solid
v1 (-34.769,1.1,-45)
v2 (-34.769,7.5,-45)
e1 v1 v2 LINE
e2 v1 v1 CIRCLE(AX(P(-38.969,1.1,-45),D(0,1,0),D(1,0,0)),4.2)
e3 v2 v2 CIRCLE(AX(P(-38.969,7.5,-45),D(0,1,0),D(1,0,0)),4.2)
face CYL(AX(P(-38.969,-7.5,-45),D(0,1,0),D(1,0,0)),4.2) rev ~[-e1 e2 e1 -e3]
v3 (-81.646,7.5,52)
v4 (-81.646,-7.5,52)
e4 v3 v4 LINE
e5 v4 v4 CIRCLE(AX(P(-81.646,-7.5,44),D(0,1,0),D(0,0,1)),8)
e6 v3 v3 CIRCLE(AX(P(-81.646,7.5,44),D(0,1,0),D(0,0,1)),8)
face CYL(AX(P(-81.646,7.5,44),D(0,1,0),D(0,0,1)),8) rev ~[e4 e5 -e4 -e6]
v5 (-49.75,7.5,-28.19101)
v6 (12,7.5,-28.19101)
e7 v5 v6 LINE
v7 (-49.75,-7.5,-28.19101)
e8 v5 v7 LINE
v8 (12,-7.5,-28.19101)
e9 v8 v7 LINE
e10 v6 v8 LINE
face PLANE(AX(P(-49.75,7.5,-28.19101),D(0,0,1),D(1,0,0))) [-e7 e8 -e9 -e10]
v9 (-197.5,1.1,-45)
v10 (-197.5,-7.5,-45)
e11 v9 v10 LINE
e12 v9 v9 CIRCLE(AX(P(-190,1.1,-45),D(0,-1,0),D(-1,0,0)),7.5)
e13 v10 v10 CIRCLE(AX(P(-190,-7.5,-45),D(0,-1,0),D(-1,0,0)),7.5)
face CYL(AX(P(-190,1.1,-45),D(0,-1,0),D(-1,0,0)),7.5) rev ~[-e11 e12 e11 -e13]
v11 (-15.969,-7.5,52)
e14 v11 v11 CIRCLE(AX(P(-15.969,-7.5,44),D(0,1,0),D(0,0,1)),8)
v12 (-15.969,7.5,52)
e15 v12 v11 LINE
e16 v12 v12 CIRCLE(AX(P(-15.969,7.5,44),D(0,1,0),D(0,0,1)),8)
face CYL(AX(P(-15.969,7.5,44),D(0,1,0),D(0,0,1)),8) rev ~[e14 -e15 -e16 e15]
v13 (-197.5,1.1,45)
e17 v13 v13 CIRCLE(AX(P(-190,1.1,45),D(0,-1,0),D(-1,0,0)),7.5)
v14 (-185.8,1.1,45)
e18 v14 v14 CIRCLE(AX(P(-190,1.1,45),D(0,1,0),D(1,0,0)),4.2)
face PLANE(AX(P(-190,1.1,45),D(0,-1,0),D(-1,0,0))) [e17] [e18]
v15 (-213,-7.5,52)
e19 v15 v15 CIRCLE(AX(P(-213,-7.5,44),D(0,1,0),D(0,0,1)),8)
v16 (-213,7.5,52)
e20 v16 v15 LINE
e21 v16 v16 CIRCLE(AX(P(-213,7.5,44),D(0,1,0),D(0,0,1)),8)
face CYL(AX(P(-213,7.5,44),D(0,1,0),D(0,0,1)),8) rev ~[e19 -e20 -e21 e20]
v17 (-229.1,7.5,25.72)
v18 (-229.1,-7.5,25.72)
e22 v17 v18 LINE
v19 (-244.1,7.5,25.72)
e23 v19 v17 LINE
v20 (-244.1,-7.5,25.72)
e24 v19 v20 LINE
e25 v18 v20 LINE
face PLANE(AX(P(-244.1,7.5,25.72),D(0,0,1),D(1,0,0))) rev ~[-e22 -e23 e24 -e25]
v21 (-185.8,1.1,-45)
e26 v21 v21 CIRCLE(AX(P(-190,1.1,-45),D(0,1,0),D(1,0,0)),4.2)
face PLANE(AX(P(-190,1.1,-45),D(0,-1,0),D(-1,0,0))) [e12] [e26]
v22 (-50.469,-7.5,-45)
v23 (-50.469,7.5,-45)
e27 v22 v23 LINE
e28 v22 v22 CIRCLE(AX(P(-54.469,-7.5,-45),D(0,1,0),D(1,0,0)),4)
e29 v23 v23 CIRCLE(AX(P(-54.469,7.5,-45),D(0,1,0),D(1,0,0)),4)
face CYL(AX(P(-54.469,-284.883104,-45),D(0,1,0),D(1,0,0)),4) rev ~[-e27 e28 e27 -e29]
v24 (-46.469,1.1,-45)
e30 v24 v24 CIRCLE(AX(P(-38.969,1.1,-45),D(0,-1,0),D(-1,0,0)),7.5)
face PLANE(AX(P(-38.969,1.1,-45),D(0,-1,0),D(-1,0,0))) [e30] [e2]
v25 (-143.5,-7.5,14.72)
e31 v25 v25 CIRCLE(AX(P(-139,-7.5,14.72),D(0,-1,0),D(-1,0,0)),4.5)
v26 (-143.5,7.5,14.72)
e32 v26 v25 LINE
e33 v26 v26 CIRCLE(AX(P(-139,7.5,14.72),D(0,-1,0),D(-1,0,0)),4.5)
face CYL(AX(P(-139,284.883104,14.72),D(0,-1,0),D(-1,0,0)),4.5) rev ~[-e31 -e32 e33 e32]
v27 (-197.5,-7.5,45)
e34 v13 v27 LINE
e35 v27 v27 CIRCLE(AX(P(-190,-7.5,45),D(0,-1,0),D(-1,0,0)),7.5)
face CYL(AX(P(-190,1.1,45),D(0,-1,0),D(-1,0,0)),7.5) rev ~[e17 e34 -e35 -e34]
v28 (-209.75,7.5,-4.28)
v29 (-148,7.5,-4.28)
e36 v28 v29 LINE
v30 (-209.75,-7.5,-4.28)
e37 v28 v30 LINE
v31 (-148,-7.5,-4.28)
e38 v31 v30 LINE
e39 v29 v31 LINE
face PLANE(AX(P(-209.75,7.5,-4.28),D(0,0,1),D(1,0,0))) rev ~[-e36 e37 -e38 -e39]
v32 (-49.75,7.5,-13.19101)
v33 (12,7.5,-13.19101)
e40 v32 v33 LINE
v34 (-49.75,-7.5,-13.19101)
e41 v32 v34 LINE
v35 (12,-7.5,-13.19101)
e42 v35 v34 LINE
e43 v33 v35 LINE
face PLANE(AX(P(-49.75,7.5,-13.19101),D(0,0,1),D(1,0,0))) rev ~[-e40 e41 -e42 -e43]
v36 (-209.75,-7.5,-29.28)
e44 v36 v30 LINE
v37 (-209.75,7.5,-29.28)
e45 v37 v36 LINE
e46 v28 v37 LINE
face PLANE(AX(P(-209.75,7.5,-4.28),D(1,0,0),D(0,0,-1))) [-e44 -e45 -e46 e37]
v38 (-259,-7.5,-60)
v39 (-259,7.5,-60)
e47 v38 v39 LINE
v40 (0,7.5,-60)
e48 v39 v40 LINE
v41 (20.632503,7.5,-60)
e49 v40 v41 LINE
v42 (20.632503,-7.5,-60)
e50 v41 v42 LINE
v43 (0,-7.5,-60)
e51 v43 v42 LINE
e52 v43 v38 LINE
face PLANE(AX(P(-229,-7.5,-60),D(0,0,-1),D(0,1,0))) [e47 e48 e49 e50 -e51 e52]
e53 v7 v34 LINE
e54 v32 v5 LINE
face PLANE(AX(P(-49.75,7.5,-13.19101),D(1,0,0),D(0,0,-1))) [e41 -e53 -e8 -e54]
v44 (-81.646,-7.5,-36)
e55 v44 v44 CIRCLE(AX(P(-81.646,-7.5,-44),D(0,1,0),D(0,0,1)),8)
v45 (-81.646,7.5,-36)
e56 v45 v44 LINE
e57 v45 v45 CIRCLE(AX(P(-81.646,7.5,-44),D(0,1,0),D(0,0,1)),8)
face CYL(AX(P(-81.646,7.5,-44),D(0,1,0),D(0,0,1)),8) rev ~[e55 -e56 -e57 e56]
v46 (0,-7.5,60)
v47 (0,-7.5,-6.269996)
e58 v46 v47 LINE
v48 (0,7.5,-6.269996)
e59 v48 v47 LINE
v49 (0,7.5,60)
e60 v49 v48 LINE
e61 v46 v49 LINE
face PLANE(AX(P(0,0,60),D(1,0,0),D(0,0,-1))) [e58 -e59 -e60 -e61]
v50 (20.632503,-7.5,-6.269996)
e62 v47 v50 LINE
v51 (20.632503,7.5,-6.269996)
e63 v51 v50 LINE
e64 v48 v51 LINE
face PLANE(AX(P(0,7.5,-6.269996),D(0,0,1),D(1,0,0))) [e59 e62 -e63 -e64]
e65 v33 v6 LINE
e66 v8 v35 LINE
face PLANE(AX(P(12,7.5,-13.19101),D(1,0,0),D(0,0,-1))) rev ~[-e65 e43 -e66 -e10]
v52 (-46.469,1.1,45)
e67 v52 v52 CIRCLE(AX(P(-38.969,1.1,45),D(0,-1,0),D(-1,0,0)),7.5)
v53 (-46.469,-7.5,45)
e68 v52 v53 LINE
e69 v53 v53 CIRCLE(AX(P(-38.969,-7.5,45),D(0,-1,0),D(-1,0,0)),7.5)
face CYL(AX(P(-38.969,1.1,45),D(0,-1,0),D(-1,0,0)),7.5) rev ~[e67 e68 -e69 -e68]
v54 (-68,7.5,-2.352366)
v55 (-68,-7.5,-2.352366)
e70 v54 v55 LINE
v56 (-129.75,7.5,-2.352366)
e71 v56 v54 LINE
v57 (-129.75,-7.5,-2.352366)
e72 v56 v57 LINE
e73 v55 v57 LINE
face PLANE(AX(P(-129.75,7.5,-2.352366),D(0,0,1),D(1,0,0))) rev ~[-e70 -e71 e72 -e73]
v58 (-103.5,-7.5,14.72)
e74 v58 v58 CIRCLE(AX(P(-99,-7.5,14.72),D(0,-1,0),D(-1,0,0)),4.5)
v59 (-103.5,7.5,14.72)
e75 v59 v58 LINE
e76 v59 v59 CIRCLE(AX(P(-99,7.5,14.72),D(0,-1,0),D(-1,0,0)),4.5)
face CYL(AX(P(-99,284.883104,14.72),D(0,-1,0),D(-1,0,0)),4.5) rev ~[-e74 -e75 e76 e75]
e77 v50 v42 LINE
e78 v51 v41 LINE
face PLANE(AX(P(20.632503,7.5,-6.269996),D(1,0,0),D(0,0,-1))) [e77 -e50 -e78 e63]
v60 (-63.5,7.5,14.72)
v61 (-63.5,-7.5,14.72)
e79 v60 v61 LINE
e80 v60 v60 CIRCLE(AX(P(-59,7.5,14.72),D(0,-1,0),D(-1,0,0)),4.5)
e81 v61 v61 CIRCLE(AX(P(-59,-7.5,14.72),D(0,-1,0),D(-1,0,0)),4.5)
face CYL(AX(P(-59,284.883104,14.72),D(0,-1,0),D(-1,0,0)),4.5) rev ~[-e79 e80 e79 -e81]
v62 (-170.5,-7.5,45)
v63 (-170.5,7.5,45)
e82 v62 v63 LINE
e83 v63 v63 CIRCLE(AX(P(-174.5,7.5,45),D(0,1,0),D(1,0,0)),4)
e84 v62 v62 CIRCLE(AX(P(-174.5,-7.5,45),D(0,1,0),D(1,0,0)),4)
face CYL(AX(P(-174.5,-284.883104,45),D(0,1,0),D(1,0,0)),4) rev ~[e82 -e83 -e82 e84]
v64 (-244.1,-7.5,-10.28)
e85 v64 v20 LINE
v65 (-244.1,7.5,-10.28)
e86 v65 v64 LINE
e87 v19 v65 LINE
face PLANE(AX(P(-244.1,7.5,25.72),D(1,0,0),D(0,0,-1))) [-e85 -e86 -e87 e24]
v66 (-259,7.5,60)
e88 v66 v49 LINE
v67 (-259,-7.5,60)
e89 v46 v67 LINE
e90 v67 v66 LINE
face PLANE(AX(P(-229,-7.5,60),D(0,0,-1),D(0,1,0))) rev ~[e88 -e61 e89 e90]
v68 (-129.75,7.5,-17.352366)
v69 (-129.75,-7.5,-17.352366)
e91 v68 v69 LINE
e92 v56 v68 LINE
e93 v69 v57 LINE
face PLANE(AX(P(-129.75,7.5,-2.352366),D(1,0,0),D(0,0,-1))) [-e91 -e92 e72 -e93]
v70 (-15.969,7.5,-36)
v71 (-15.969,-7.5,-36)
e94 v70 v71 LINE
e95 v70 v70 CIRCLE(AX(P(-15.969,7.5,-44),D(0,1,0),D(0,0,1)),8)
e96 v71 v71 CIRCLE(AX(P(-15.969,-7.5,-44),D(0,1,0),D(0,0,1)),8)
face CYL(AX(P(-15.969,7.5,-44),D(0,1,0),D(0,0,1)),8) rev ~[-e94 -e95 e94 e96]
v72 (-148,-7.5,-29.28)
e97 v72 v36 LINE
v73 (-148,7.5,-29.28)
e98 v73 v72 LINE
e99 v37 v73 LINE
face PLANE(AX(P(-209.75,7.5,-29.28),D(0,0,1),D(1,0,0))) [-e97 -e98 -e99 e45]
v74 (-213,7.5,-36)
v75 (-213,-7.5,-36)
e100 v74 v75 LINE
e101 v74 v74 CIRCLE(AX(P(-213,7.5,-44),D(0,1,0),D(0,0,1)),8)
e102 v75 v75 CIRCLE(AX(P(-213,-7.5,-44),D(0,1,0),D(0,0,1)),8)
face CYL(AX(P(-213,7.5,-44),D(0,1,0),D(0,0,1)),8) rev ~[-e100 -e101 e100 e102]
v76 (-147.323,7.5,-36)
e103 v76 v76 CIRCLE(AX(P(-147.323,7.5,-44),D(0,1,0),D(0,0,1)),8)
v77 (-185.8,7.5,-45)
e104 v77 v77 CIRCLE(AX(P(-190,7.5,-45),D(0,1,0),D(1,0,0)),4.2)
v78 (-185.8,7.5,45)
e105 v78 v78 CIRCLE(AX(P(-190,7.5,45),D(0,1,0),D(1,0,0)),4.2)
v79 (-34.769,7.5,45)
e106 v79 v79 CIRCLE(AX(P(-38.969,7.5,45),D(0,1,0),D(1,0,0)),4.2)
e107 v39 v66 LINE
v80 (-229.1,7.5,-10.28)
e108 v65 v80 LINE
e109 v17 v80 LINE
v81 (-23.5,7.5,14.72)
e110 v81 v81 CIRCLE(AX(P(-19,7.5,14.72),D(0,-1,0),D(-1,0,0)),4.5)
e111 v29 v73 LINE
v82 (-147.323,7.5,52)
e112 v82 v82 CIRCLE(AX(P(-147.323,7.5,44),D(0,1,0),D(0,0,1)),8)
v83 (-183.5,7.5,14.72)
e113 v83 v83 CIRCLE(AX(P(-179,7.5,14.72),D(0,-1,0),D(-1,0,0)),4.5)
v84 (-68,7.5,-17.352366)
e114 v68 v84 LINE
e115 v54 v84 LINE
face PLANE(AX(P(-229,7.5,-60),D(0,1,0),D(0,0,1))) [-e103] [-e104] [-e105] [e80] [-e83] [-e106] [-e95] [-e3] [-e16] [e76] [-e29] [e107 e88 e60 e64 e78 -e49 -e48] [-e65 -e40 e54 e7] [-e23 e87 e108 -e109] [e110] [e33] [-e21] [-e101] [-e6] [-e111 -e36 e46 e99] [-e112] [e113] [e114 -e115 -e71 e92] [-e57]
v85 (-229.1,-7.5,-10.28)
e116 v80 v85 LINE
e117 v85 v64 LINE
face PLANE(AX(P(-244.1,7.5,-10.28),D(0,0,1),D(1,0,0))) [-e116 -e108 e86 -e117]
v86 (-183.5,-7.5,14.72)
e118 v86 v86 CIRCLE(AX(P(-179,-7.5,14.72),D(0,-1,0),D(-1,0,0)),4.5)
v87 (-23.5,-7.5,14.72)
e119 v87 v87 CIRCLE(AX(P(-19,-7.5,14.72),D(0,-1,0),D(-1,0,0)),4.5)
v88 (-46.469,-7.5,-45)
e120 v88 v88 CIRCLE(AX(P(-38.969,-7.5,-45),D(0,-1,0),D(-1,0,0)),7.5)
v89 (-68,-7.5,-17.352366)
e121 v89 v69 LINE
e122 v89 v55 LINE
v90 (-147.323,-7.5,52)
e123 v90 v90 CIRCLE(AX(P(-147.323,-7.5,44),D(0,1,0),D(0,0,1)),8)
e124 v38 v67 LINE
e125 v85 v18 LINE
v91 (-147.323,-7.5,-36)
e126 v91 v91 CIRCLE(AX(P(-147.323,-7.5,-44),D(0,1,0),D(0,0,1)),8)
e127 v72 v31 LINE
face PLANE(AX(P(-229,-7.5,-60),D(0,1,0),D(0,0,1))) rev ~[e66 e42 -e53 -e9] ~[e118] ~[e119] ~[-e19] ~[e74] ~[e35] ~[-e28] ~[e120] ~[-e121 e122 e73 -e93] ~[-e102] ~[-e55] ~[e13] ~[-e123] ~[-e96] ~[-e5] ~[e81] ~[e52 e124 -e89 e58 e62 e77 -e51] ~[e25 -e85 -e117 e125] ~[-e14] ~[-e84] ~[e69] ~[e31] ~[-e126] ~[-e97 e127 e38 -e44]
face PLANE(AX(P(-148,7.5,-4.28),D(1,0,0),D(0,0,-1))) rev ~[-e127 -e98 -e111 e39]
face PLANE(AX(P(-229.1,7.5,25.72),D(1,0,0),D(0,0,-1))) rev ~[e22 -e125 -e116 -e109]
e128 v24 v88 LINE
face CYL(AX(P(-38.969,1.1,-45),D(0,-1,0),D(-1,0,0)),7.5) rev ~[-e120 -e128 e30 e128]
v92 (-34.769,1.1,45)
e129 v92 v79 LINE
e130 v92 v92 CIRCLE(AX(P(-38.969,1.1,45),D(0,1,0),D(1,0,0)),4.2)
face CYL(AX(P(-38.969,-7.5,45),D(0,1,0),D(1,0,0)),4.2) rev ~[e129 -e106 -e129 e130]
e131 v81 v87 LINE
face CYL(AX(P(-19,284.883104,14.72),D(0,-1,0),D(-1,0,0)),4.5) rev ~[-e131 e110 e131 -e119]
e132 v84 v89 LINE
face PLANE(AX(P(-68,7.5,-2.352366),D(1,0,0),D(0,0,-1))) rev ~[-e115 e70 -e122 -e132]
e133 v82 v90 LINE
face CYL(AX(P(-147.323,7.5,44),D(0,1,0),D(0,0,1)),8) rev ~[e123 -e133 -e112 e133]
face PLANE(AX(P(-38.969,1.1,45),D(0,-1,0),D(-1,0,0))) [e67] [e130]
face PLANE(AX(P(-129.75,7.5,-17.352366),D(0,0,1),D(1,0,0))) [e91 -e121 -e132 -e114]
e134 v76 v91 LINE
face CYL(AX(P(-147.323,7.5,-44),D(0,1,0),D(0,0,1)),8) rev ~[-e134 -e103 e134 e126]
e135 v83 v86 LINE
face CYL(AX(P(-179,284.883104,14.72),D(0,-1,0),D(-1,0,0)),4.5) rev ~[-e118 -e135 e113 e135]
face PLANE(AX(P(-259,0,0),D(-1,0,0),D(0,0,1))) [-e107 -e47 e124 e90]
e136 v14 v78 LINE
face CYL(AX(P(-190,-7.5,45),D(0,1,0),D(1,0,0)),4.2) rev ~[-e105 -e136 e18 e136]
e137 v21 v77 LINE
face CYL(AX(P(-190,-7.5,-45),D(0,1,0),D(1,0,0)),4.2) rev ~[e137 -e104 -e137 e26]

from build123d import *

# Parameters (mm, degrees)
SKETCH1_W                                           = 229
SKETCH1_H                                           = 120
BOSS_EXTRUDE1_DEPTH                                 = 7.5
SKETCH4_W                                           = 20.632503002
SKETCH4_H                                           = 53.730004003
BOSS_EXTRUDE2_DEPTH                                 = 15
CUT_EXTRUDE1_REACH                                  = 239.205
SKETCH5_W                                           = 61.75
SKETCH5_H                                           = 15
SKETCH5_H_2                                         = 25
CUT_EXTRUDE4_REACH                                  = 239.205
SKETCH8_R                                           = 8
LPATTERN2_COUNT                                     = 4
LPATTERN2_PITCH                                     = 65.677
LPATTERN2_COUNT_DIR2                                = 2
LPATTERN2_PITCH_DIR2                                = 88
F_9_0_9_DIAMETER_HOLE1_D                            = 9
CBORE_FOR_M8_HEX_SOCKET_HEAD_CAP_SCREW1_D           = 8.4
CBORE_FOR_M8_HEX_SOCKET_HEAD_CAP_SCREW1_CBORE_D     = 15
CBORE_FOR_M8_HEX_SOCKET_HEAD_CAP_SCREW1_CBORE_DEPTH = 8.6
F_8_0MM_DOWEL_HOLE1_D                               = 8
SKETCH18_W                                          = 120
SKETCH18_H                                          = 15
BOSS_EXTRUDE3_DEPTH                                 = 30
CUT_EXTRUDE5_REACH                                  = 268.282
SKETCH19_W                                          = 15
SKETCH19_H                                          = 36


with BuildPart() as part:
    # Sketch1 → Boss-Extrude1 (new, symmetric)
    with BuildSketch(Plane(origin=(0, 0, 0), x_dir=(1, 0, 0), z_dir=(0, 1, 0))):
        with Locations((-114.5, 0)):
            Rectangle(SKETCH1_W, SKETCH1_H)
    extrude(amount=BOSS_EXTRUDE1_DEPTH, both=True)

    # Sketch4 → Boss-Extrude2 (add)
    with BuildSketch(Plane(origin=(0, 7.5, 0), x_dir=(1, 0, 0), z_dir=(0, 1, 0))):
        with Locations((10.316251501, 33.134997999)):
            Rectangle(SKETCH4_W, SKETCH4_H)
    extrude(amount=-BOSS_EXTRUDE2_DEPTH)

    # Sketch5 → Cut-Extrude1 (cut, up to next)
    with BuildSketch(Plane(origin=(0, 7.5, 0), x_dir=(1, 0, 0), z_dir=(0, 1, 0)), mode=Mode.PRIVATE) as cut_extrude1_sk1:
        with Locations((-98.875, 9.852366083)):
            Rectangle(SKETCH5_W, SKETCH5_H)
    cut_extrude1_tool1 = extrude(cut_extrude1_sk1.sketch, amount=-CUT_EXTRUDE1_REACH, mode=Mode.PRIVATE) & part.part
    # Sketch5 → Cut-Extrude1 (cut, up to next)
    with BuildSketch(Plane(origin=(0, 7.5, 0), x_dir=(1, 0, 0), z_dir=(0, 1, 0)), mode=Mode.PRIVATE) as cut_extrude1_sk2:
        with Locations((-18.875, 20.69101)):
            Rectangle(SKETCH5_W, SKETCH5_H)
    cut_extrude1_tool2 = extrude(cut_extrude1_sk2.sketch, amount=-CUT_EXTRUDE1_REACH, mode=Mode.PRIVATE) & part.part
    # Sketch5 → Cut-Extrude1 (cut, up to next)
    with BuildSketch(Plane(origin=(0, 7.5, 0), x_dir=(1, 0, 0), z_dir=(0, 1, 0)), mode=Mode.PRIVATE) as cut_extrude1_sk3:
        with Locations((-178.875, 16.78)):
            Rectangle(SKETCH5_W, SKETCH5_H_2)
    cut_extrude1_tool3 = extrude(cut_extrude1_sk3.sketch, amount=-CUT_EXTRUDE1_REACH, mode=Mode.PRIVATE) & part.part
    add(cut_extrude1_tool1.solids().sort_by_distance((-98.875, 7.5, -9.852366))[0], mode=Mode.SUBTRACT)
    add(cut_extrude1_tool2.solids().sort_by_distance((-18.875, 7.5, -20.69101))[0], mode=Mode.SUBTRACT)
    add(cut_extrude1_tool3.solids().sort_by_distance((-178.875, 7.5, -16.78))[0], mode=Mode.SUBTRACT)

    # Sketch8 → Cut-Extrude4 (cut, up to next)
    with BuildSketch(Plane(origin=(0, 7.5, 0), x_dir=(1, 0, 0), z_dir=(0, 1, 0)), mode=Mode.PRIVATE) as cut_extrude4_sk1:
        with Locations(Location((-213, 44, 0), (0, 0, 270))):
            Circle(SKETCH8_R)
    cut_extrude4_tool1 = extrude(cut_extrude4_sk1.sketch, amount=-CUT_EXTRUDE4_REACH, mode=Mode.PRIVATE) & part.part
    cut_extrude4 = cut_extrude4_tool1.solids().sort_by_distance((-213, 7.5, -44))[0]
    add(cut_extrude4, mode=Mode.SUBTRACT)

    # LPattern2: Cut-Extrude4 4 × 2
    with Locations(*[(i * LPATTERN2_PITCH, 0, j * LPATTERN2_PITCH_DIR2) for i in range(LPATTERN2_COUNT) for j in range(LPATTERN2_COUNT_DIR2) if (i, j) != (0, 0)]):
        add(cut_extrude4, mode=Mode.SUBTRACT)

    # Ø9.0 (9) Diameter Hole1 (through all)
    with Locations(Plane(origin=(0, 7.5, 0), x_dir=(1, 0, 0), z_dir=(0, 1, 0))):
        with Locations((-179, -14.72), (-139, -14.72), (-99, -14.72), (-59, -14.72), (-19, -14.72)):
            Hole(F_9_0_9_DIAMETER_HOLE1_D / 2)

    # CBORE for M8 Hex Socket Head Cap Screw1 (through all)
    with Locations(Plane(origin=(0, -7.5, 0), x_dir=(-1, 0, 0), z_dir=(0, -1, 0))):
        with Locations((38.969, 45), (190, 45), (190, -45), (38.969, -45)):
            CounterBoreHole(CBORE_FOR_M8_HEX_SOCKET_HEAD_CAP_SCREW1_D / 2, CBORE_FOR_M8_HEX_SOCKET_HEAD_CAP_SCREW1_CBORE_D / 2, CBORE_FOR_M8_HEX_SOCKET_HEAD_CAP_SCREW1_CBORE_DEPTH)

    # Ø8.0mm Dowel Hole1 (through all)
    with Locations(Plane(origin=(0, -7.5, 0), x_dir=(-1, 0, 0), z_dir=(0, -1, 0))):
        with Locations((174.5, -45), (54.469, 45)):
            Hole(F_8_0MM_DOWEL_HOLE1_D / 2)

    # Sketch18 → Boss-Extrude3 (add)
    with BuildSketch(Plane.ZY.offset(229)):
        Rectangle(SKETCH18_W, SKETCH18_H)
    extrude(amount=BOSS_EXTRUDE3_DEPTH)

    # Sketch19 → Cut-Extrude5 (cut, up to next)
    with BuildSketch(Plane(origin=(0, 7.5, 0), x_dir=(1, 0, 0), z_dir=(0, 1, 0)), mode=Mode.PRIVATE) as cut_extrude5_sk1:
        with Locations((-236.6, -7.72)):
            Rectangle(SKETCH19_W, SKETCH19_H)
    cut_extrude5_tool1 = extrude(cut_extrude5_sk1.sketch, amount=-CUT_EXTRUDE5_REACH, mode=Mode.PRIVATE) & part.part
    add(cut_extrude5_tool1.solids().sort_by_distance((-236.6, 7.5, 7.72))[0], mode=Mode.SUBTRACT)


solid = part.part
